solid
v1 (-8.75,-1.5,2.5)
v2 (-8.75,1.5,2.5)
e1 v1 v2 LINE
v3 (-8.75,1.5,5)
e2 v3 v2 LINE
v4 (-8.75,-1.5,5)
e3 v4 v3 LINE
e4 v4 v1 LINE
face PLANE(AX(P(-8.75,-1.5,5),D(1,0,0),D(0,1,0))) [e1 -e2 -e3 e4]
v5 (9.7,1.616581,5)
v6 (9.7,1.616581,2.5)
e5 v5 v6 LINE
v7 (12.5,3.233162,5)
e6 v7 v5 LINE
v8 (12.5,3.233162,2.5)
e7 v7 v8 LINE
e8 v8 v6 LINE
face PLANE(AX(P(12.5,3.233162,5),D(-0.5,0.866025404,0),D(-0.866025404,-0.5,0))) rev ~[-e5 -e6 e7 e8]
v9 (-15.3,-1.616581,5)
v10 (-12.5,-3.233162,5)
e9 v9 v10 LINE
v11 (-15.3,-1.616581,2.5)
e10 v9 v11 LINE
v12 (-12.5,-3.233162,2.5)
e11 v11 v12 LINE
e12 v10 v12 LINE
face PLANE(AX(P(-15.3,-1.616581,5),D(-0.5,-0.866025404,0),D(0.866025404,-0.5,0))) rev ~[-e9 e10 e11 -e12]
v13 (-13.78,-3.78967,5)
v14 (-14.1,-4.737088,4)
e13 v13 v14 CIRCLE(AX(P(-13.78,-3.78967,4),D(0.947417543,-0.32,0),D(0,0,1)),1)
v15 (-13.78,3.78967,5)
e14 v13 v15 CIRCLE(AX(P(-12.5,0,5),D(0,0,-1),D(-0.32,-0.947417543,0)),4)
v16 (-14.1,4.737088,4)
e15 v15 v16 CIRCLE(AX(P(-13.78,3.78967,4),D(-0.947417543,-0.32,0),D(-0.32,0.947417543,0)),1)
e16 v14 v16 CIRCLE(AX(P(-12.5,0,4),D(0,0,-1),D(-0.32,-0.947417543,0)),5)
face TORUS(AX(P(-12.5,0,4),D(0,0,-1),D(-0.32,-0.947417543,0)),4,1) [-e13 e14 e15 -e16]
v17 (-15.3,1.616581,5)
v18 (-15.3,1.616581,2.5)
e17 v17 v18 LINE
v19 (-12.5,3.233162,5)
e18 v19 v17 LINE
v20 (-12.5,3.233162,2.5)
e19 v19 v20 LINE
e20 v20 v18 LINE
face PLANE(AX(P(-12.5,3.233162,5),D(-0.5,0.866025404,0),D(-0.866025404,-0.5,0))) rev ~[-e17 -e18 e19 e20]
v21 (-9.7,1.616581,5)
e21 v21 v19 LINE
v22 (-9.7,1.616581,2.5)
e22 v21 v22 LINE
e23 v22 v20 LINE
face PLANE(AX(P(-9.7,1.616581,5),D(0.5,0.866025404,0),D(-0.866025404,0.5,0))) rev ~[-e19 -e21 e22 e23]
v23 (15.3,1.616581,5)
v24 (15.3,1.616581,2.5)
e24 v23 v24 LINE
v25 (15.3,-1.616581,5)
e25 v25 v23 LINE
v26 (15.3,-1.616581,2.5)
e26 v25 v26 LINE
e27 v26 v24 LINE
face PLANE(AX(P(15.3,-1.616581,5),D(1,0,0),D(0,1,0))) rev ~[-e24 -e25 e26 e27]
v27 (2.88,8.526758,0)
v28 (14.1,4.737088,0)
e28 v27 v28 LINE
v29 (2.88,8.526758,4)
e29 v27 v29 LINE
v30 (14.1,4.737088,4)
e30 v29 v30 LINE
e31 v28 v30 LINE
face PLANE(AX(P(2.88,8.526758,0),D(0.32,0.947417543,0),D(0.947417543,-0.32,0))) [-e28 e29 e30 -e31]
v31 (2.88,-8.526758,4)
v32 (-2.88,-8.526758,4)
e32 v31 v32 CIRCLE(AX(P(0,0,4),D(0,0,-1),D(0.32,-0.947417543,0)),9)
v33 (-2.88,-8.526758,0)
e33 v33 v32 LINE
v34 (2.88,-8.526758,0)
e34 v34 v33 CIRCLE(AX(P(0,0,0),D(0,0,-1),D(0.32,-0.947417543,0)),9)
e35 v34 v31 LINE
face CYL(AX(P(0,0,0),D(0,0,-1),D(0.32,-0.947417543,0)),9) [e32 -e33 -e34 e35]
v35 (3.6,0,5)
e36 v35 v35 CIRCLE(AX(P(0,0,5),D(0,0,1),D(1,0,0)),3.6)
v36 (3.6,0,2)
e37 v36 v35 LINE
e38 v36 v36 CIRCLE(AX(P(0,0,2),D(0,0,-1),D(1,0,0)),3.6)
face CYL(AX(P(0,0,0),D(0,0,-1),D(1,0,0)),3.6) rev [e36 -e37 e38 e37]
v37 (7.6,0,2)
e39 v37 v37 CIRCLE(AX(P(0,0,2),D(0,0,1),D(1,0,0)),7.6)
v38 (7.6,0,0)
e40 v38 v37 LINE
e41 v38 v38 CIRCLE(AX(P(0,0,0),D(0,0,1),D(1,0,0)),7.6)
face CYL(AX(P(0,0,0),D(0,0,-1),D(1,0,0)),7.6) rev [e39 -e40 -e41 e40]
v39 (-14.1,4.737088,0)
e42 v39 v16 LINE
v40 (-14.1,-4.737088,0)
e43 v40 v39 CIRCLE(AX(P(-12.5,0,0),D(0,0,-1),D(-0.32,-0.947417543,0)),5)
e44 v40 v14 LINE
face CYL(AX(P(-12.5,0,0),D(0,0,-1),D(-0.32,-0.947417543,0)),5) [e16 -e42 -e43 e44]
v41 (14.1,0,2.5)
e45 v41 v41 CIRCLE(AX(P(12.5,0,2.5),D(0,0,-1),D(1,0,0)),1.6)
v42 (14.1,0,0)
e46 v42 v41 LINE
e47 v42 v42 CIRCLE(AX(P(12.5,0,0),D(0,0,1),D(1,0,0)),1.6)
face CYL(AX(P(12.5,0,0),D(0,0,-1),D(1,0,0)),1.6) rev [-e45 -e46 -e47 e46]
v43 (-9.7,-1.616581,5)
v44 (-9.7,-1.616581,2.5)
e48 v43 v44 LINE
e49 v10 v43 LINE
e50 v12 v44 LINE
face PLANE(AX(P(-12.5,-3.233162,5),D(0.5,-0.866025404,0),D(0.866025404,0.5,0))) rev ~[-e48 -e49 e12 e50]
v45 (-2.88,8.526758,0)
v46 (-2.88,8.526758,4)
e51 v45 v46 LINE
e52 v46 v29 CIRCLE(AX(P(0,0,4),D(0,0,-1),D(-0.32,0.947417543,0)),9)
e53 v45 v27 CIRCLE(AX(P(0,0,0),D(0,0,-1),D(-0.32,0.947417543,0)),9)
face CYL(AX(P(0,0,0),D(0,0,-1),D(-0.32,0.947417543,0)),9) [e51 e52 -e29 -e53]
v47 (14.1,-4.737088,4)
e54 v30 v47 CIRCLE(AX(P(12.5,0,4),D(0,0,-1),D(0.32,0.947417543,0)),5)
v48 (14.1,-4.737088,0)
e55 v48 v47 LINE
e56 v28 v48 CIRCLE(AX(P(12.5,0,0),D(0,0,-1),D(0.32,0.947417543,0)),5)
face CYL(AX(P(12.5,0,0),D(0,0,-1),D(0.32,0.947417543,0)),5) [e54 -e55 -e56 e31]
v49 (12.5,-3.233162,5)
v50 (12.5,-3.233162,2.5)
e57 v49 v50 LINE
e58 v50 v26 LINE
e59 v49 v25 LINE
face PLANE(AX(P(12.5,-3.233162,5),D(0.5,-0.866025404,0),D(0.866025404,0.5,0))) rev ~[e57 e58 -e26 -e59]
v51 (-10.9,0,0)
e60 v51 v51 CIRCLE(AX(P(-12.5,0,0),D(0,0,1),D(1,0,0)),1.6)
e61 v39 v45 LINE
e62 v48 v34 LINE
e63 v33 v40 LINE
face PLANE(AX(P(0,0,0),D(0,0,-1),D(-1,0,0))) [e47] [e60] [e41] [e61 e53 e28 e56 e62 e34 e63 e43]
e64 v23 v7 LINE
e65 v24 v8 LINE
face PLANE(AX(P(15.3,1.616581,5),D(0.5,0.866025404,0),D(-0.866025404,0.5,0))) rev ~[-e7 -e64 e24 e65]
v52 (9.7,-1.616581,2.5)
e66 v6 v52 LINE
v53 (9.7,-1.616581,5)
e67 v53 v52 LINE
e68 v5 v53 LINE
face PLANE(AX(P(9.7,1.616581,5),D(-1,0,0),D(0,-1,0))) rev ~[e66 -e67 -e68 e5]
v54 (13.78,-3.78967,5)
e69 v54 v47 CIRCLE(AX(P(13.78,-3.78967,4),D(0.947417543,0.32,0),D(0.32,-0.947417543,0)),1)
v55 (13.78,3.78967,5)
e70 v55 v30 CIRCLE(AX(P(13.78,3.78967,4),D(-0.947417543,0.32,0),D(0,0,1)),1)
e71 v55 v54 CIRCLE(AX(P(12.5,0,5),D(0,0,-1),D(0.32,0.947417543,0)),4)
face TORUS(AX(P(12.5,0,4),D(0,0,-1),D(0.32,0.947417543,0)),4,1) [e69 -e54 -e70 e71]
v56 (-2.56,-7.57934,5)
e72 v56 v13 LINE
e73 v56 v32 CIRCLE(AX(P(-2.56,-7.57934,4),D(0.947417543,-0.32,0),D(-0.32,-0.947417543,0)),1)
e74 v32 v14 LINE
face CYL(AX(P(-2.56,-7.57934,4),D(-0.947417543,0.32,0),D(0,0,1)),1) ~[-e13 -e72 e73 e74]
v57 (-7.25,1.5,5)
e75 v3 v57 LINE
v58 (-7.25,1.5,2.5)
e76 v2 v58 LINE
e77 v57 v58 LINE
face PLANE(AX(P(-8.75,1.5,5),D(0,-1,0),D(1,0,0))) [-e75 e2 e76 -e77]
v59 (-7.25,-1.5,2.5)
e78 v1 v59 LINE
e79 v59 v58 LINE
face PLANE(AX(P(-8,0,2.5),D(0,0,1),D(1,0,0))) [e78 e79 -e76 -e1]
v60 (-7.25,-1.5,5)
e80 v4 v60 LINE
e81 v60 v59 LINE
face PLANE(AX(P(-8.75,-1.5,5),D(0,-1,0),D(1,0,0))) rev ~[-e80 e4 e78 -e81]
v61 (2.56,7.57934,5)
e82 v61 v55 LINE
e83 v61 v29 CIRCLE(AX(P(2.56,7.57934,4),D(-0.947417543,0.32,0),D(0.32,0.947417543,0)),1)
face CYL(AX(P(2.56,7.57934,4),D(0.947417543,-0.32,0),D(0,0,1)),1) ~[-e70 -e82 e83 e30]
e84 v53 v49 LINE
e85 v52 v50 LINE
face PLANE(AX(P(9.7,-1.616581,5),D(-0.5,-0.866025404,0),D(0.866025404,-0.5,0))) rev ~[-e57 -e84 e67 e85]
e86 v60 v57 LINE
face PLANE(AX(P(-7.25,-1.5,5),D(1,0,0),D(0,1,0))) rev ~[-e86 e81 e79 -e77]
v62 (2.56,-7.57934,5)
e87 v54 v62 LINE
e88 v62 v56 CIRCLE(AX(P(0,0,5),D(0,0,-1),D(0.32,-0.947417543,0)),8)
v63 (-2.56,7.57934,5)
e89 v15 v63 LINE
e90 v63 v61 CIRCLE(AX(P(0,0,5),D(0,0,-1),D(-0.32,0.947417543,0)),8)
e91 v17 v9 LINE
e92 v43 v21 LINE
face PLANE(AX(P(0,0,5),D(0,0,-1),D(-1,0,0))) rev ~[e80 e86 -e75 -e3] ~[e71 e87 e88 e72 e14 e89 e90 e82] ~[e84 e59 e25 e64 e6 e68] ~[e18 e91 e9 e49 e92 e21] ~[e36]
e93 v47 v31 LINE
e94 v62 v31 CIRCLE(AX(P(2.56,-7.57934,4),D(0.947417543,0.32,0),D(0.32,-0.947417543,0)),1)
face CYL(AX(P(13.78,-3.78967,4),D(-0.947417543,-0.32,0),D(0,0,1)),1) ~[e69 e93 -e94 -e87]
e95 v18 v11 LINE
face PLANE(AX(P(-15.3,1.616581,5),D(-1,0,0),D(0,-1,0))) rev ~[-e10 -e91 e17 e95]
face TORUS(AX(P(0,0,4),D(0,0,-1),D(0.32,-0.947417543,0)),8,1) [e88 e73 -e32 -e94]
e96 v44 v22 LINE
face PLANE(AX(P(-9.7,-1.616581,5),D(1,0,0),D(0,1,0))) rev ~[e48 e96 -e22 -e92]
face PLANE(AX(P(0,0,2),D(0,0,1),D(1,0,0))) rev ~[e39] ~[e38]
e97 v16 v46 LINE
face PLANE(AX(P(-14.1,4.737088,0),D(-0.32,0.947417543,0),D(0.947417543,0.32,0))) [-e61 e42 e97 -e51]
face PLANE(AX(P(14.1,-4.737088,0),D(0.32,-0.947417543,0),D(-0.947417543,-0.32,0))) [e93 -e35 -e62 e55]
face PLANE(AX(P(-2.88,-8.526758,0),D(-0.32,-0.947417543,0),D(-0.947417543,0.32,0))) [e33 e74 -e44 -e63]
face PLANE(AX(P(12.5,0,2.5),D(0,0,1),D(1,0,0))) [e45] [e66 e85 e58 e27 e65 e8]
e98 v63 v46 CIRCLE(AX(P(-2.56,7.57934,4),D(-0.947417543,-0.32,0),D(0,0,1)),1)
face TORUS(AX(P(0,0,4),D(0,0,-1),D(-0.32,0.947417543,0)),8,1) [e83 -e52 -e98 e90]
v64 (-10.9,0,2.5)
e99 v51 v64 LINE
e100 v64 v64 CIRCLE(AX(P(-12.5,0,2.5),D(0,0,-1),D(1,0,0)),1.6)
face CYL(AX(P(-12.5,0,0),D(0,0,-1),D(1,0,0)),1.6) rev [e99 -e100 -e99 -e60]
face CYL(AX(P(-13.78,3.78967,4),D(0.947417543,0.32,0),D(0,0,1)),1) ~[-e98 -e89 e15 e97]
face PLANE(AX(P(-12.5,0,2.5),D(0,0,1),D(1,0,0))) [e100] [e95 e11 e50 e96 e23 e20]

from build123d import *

# Parameters (mm, degrees)
EXTRUDE_1_DEPTH     = 5
SKETCH_1_3_R        = 7.6
CUT_EXTRUDE_1_DEPTH = 2
SKETCH_1_4_R        = 3.6
SKETCH_1_4_R_2      = 1.6
CUT_EXTRUDE_2_DEPTH = 5
CUT_EXTRUDE_START   = 5
SKETCH_1_5_W        = 1.5
SKETCH_1_5_H        = 3
CUT_EXTRUDE_3_DEPTH = 2.5
CUT_EXTRUDE_4_DEPTH = 2.5
FILLET_1_R          = 1


with BuildPart() as part:
    # Эскиз1 → Бобышка-Вытянуть1 (new body)
    with BuildSketch(Plane.XY):
        with BuildLine():
            Line((-14.1, 4.737087713), (-2.88, 8.526757883))
            ThreePointArc((-2.88, 8.526757883), (0, 9), (2.88, 8.526757883))
            Line((2.88, 8.526757883), (14.1, 4.737087713))
            ThreePointArc((14.1, 4.737087713), (17.5, 0), (14.1, -4.737087713))
            Line((14.1, -4.737087713), (2.88, -8.526757883))
            ThreePointArc((2.88, -8.526757883), (0, -9), (-2.88, -8.526757883))
            Line((-2.88, -8.526757883), (-14.1, -4.737087713))
            ThreePointArc((-14.1, -4.737087713), (-17.5, 0), (-14.1, 4.737087713))
        make_face()
    extrude(amount=EXTRUDE_1_DEPTH)

    # Эскиз1<3> → Вырез-Вытянуть1 (cut)
    with BuildSketch(Plane.XY):
        Circle(SKETCH_1_3_R)
    extrude(amount=CUT_EXTRUDE_1_DEPTH, mode=Mode.SUBTRACT)

    # Эскиз1<4> → Вырез-Вытянуть2 (cut)
    with BuildSketch(Plane.XY):
        Circle(SKETCH_1_4_R)
        with Locations((-12.5, 0)):
            Circle(SKETCH_1_4_R_2)
        with Locations((12.5, 0)):
            Circle(SKETCH_1_4_R_2)
    extrude(amount=CUT_EXTRUDE_2_DEPTH, mode=Mode.SUBTRACT)

    # Эскиз1<5> → Вырез-Вытянуть3 (cut)
    with BuildSketch(Plane.XY.offset(CUT_EXTRUDE_START)):
        with Locations((-8, 0)):
            Rectangle(SKETCH_1_5_W, SKETCH_1_5_H)
    extrude(amount=-CUT_EXTRUDE_3_DEPTH, mode=Mode.SUBTRACT)

    # Эскиз2 → Вырез-Вытянуть4 (cut)
    with BuildSketch(Plane.XY.offset(5)):
        Polygon((-12.5, 3.233161507), (-15.3, 1.616580754), (-15.3, -1.616580754), (-12.5, -3.233161507), (-9.7, -1.616580754), (-9.7, 1.616580754), align=None)
        Polygon((12.5, 3.233161507), (9.7, 1.616580754), (9.7, -1.616580754), (12.5, -3.233161507), (15.3, -1.616580754), (15.3, 1.616580754), align=None)
    extrude(amount=-CUT_EXTRUDE_4_DEPTH, mode=Mode.SUBTRACT)

    # Скругление1
    fillet_1_edges = [part.edges().sort_by_distance(p)[0] for p in [
        (0, -9, 5),
        (-8.49, -6.631922798, 5),
        (-17.5, 0, 5),
        (-8.49, 6.631922798, 5),
        (0, 9, 5),
        (8.49, 6.631922798, 5),
        (17.5, 0, 5),
        (8.49, -6.631922798, 5),
    ]]
    fillet(fillet_1_edges, radius=FILLET_1_R)


solid = part.part
